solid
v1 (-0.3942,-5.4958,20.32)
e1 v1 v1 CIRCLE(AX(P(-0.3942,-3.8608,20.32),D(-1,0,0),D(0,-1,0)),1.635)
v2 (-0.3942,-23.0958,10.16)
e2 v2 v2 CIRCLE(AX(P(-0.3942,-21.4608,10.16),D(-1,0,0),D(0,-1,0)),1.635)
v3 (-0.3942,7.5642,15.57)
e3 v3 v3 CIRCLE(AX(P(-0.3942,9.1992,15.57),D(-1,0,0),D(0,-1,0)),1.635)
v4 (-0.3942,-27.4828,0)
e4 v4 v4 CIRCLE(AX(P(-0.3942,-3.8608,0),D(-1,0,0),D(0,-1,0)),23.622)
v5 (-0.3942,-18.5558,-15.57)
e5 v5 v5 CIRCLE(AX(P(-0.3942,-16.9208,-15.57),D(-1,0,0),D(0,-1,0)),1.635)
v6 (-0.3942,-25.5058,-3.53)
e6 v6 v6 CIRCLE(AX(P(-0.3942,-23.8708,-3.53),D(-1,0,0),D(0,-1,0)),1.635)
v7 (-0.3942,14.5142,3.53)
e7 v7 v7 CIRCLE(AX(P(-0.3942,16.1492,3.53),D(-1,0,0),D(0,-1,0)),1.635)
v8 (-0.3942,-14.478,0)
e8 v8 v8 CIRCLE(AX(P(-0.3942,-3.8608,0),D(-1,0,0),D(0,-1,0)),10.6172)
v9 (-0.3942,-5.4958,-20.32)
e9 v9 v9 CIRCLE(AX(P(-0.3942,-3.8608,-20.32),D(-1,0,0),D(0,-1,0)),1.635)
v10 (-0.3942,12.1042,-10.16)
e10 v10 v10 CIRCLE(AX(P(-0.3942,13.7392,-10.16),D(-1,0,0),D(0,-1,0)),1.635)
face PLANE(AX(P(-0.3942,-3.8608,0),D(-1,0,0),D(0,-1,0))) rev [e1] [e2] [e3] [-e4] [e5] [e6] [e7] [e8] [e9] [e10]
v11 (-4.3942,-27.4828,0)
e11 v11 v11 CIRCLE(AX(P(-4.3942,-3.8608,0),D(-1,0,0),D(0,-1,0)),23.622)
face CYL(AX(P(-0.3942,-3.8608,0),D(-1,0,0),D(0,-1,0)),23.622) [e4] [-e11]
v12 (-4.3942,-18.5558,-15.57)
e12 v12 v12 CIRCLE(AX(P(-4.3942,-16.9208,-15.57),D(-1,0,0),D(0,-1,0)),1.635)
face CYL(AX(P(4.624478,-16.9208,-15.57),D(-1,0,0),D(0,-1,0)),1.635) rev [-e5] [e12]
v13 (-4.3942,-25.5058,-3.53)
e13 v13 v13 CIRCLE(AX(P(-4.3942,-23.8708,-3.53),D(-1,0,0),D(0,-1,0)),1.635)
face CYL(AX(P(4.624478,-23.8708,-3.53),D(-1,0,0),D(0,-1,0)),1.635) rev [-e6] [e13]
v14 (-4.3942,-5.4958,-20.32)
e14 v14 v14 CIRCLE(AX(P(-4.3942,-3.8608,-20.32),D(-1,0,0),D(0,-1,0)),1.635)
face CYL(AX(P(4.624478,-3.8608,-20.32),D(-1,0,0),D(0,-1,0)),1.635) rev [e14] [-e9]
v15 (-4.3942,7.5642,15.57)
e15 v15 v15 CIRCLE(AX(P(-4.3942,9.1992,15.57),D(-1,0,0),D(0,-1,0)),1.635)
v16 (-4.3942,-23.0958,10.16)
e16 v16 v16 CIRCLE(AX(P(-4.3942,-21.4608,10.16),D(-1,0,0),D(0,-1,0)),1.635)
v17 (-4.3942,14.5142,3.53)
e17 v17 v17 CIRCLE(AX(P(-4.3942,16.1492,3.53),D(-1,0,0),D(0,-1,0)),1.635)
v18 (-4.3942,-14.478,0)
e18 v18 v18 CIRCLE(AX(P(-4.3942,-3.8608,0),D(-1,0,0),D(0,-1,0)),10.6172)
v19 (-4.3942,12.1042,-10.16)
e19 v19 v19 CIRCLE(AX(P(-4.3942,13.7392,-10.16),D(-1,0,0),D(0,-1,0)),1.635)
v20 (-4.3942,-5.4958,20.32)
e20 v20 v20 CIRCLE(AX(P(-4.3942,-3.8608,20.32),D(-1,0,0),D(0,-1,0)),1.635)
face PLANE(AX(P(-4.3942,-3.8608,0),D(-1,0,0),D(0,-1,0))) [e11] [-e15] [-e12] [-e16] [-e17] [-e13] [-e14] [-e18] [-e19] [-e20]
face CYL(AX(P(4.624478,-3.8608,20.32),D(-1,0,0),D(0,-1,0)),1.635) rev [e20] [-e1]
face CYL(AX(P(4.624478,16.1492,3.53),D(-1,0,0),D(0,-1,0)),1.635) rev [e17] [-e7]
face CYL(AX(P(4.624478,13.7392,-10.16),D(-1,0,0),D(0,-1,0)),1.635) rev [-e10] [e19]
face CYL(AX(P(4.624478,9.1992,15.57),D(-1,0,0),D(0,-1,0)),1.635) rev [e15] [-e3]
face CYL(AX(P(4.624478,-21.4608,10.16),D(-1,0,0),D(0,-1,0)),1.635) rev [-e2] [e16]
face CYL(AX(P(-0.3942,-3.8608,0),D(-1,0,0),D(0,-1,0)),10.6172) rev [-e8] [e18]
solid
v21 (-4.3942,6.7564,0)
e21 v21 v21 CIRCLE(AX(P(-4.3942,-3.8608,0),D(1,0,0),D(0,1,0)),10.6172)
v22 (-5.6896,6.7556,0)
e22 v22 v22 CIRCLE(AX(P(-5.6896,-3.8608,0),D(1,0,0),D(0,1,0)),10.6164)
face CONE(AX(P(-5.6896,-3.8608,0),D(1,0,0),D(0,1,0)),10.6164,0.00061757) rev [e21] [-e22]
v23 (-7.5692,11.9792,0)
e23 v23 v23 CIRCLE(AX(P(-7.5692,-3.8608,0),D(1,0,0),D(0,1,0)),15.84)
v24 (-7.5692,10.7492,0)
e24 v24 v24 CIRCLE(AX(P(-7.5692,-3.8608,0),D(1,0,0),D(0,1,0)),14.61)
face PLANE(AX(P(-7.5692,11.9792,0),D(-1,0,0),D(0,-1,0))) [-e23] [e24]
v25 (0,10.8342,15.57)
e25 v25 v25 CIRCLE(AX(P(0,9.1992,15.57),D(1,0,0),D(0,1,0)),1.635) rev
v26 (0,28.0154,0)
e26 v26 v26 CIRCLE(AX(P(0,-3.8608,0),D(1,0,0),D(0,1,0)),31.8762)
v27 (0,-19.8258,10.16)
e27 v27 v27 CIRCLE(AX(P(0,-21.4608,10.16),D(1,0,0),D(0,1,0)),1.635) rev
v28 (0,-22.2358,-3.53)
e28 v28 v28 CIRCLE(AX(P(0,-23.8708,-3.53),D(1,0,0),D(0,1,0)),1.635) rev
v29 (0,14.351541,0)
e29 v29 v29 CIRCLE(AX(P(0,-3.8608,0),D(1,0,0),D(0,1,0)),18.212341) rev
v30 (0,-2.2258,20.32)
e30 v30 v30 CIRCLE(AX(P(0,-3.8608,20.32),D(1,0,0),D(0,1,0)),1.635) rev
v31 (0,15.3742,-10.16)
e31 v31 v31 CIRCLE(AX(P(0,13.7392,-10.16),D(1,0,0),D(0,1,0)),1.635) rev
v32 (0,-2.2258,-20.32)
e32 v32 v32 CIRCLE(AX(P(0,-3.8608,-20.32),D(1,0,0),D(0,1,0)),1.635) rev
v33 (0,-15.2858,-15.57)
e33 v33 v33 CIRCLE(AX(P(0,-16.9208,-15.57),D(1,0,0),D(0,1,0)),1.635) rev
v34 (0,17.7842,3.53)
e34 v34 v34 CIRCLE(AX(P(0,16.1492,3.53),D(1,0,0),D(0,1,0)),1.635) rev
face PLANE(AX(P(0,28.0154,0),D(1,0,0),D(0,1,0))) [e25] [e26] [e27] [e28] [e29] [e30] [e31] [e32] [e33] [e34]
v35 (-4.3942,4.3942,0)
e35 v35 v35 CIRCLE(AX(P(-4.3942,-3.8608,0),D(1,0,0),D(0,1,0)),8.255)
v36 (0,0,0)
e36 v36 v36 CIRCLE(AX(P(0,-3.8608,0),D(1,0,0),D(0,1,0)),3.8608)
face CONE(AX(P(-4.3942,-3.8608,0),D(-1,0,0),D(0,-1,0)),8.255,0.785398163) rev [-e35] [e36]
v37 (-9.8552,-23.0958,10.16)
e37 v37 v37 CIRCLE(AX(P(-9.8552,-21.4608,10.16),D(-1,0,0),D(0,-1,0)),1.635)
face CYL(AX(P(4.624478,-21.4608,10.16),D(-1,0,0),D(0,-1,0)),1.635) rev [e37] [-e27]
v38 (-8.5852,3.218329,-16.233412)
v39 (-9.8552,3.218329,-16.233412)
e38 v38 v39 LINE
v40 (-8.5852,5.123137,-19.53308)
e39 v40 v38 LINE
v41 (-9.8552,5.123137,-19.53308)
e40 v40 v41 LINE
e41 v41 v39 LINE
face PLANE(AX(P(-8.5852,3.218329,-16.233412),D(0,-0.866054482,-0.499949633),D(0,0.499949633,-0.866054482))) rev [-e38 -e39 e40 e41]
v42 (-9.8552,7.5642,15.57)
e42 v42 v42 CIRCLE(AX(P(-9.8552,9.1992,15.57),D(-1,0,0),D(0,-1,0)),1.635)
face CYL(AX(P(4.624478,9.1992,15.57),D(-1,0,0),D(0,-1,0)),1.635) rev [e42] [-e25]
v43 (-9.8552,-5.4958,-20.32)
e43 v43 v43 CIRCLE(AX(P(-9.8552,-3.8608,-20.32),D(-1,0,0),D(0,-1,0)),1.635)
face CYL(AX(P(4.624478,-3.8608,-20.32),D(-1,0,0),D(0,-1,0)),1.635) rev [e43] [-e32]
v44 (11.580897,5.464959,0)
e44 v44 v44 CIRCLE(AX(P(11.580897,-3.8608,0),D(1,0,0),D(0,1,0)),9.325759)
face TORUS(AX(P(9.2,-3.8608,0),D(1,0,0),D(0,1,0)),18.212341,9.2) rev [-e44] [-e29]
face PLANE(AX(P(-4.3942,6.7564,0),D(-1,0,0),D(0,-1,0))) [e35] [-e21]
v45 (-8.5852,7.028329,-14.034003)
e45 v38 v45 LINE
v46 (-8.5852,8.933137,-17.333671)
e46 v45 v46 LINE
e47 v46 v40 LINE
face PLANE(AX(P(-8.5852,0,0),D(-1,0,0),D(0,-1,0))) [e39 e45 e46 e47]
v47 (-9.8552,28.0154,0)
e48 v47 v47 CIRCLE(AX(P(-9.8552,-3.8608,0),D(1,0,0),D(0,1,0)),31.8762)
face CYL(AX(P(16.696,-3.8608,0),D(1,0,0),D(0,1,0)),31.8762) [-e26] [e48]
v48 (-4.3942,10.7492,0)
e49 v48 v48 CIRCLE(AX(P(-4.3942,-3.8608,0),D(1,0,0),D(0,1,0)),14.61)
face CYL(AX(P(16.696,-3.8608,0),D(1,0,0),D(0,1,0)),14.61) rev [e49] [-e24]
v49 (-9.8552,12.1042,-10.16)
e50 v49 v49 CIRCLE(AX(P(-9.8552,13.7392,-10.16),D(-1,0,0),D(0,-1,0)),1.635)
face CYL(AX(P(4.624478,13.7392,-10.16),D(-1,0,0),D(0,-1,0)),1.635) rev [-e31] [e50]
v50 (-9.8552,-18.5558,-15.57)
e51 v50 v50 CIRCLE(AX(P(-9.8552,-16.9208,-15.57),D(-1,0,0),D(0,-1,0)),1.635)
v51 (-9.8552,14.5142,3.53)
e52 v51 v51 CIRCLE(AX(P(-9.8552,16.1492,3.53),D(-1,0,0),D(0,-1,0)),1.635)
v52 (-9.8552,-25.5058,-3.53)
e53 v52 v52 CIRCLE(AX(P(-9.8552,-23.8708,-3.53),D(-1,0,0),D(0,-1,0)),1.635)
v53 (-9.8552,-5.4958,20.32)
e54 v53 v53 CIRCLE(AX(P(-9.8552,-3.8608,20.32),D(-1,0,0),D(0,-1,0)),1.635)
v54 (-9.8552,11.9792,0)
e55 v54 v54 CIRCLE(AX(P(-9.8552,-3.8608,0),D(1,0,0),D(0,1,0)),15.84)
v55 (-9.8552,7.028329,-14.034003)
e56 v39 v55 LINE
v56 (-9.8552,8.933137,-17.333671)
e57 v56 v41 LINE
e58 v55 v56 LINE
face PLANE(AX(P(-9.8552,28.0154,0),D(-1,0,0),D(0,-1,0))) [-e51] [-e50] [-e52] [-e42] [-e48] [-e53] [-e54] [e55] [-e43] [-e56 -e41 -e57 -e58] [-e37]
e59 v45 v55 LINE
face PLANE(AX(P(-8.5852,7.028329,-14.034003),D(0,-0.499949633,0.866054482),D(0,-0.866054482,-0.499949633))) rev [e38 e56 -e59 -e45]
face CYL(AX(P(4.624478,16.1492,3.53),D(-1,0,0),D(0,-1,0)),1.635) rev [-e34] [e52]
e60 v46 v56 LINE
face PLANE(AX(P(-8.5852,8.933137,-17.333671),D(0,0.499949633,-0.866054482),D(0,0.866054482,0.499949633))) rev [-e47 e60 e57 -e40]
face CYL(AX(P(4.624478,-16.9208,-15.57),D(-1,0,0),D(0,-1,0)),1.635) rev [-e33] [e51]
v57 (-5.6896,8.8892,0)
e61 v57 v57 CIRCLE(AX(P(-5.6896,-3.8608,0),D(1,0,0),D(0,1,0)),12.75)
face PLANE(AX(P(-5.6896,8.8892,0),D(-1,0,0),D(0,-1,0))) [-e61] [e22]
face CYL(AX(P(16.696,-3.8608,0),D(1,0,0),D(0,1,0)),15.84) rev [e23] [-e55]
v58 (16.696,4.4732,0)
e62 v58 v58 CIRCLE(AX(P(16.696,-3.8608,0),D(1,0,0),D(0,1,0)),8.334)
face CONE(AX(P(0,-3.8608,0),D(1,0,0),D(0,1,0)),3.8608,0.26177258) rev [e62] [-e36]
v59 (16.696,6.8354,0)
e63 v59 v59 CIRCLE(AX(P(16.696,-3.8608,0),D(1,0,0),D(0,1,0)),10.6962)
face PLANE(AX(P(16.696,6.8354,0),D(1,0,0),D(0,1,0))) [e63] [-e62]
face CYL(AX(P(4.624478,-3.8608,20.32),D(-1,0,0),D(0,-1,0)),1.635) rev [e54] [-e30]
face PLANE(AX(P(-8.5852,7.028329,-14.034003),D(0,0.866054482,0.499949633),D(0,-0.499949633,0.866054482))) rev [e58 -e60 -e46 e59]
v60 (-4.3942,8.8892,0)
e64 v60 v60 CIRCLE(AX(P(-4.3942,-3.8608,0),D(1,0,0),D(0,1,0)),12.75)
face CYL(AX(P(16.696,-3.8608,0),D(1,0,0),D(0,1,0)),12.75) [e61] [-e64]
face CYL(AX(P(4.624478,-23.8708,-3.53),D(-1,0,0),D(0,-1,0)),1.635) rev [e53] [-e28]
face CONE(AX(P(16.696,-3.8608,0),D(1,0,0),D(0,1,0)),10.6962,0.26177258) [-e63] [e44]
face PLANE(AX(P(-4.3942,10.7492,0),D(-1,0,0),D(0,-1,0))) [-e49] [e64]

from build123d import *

# Parameters (mm, degrees)
SKETCH3_R           = 23.622
SKETCH3_R_2         = 10.6172
BOSS_EXTRUDE1_DEPTH = 4
CUT_EXTRUDE1_START  = -4.3942
SKETCH10_R          = 1.635
CUT_EXTRUDE1_DEPTH  = 9.8552
FILLET2_R           = 9.2
CUT_EXTRUDE2_DEPTH  = 1.27


with BuildPart() as part:
    # Sketch2 → Revolve1 (revolve)
    with BuildSketch(Plane.XY):
        Polygon((-4.3942, 4.3942), (0, 0), (16.696, 4.4732), (16.696, 6.8354), (0, 2.3622), (0, 28.0154), (-9.8552, 28.0154), (-9.8552, 11.9792), (-7.5692, 11.9792), (-7.5692, 10.7492), (-4.3942, 10.7492), (-4.3942, 8.8892), (-5.6896, 8.8892), (-5.6896, 6.7556), (-4.3942, 6.7564), align=None)
    revolve(axis=Axis((16.696, -3.8608, 0), (-1, 0, 0)))


with BuildPart() as body_2:
    # Sketch3 → Boss-Extrude1 (new body)
    with BuildSketch(Plane.ZY.offset(4.3942)):
        with Locations(Location((0, -3.8608, 0), (0, 0, 270))):
            Circle(SKETCH3_R)
        with Locations(Location((0, -3.8608, 0), (0, 0, 270))):
            Circle(SKETCH3_R_2, mode=Mode.SUBTRACT)
    extrude(amount=-BOSS_EXTRUDE1_DEPTH)


with BuildPart() as cut_extrude1_tool:
    # Sketch10 → Cut-Extrude1 (new body)
    with BuildSketch(Plane.ZY.offset(4.3942).offset(CUT_EXTRUDE1_START)):
        with Locations(Location((-10.16, 13.7392, 0), (0, 0, 270))):
            Circle(SKETCH10_R)
        with Locations(Location((3.53, 16.1492, 0), (0, 0, 270))):
            Circle(SKETCH10_R)
        with Locations(Location((20.32, -3.8608, 0), (0, 0, 270))):
            Circle(SKETCH10_R)
        with Locations(Location((10.16, -21.4608, 0), (0, 0, 270))):
            Circle(SKETCH10_R)
        with Locations(Location((-3.53, -23.8708, 0), (0, 0, 270))):
            Circle(SKETCH10_R)
        with Locations(Location((-15.57, -16.9208, 0), (0, 0, 270))):
            Circle(SKETCH10_R)
        with Locations(Location((-20.32, -3.8608, 0), (0, 0, 270))):
            Circle(SKETCH10_R)
        with Locations(Location((15.57, 9.1992, 0), (0, 0, 270))):
            Circle(SKETCH10_R)
    extrude(amount=CUT_EXTRUDE1_DEPTH)


with BuildPart() as part_1:
    add(part.part)

    # Cut-Extrude1: cut by cut_extrude1_tool
    add(cut_extrude1_tool.part, mode=Mode.SUBTRACT)

    # Fillet2
    fillet2_edges = [part_1.edges().sort_by_distance(p)[0] for p in [
        (0, -10.0838, 0),
    ]]
    fillet(fillet2_edges, radius=FILLET2_R)

    # Sketch11 → Cut-Extrude2 (cut)
    with BuildSketch(Plane.ZY.offset(9.8552)):
        Polygon((-14.034003032, 7.028328606), (-16.233412123, 3.218328606), (-19.533079697, 5.123136706), (-17.333670606, 8.933136706), align=None)
    extrude(amount=-CUT_EXTRUDE2_DEPTH, mode=Mode.SUBTRACT)


with BuildPart() as body_2_1:
    add(body_2.part)

    # Cut-Extrude1: cut by cut_extrude1_tool
    add(cut_extrude1_tool.part, mode=Mode.SUBTRACT)


solid = Compound([part_1.part, body_2_1.part])
